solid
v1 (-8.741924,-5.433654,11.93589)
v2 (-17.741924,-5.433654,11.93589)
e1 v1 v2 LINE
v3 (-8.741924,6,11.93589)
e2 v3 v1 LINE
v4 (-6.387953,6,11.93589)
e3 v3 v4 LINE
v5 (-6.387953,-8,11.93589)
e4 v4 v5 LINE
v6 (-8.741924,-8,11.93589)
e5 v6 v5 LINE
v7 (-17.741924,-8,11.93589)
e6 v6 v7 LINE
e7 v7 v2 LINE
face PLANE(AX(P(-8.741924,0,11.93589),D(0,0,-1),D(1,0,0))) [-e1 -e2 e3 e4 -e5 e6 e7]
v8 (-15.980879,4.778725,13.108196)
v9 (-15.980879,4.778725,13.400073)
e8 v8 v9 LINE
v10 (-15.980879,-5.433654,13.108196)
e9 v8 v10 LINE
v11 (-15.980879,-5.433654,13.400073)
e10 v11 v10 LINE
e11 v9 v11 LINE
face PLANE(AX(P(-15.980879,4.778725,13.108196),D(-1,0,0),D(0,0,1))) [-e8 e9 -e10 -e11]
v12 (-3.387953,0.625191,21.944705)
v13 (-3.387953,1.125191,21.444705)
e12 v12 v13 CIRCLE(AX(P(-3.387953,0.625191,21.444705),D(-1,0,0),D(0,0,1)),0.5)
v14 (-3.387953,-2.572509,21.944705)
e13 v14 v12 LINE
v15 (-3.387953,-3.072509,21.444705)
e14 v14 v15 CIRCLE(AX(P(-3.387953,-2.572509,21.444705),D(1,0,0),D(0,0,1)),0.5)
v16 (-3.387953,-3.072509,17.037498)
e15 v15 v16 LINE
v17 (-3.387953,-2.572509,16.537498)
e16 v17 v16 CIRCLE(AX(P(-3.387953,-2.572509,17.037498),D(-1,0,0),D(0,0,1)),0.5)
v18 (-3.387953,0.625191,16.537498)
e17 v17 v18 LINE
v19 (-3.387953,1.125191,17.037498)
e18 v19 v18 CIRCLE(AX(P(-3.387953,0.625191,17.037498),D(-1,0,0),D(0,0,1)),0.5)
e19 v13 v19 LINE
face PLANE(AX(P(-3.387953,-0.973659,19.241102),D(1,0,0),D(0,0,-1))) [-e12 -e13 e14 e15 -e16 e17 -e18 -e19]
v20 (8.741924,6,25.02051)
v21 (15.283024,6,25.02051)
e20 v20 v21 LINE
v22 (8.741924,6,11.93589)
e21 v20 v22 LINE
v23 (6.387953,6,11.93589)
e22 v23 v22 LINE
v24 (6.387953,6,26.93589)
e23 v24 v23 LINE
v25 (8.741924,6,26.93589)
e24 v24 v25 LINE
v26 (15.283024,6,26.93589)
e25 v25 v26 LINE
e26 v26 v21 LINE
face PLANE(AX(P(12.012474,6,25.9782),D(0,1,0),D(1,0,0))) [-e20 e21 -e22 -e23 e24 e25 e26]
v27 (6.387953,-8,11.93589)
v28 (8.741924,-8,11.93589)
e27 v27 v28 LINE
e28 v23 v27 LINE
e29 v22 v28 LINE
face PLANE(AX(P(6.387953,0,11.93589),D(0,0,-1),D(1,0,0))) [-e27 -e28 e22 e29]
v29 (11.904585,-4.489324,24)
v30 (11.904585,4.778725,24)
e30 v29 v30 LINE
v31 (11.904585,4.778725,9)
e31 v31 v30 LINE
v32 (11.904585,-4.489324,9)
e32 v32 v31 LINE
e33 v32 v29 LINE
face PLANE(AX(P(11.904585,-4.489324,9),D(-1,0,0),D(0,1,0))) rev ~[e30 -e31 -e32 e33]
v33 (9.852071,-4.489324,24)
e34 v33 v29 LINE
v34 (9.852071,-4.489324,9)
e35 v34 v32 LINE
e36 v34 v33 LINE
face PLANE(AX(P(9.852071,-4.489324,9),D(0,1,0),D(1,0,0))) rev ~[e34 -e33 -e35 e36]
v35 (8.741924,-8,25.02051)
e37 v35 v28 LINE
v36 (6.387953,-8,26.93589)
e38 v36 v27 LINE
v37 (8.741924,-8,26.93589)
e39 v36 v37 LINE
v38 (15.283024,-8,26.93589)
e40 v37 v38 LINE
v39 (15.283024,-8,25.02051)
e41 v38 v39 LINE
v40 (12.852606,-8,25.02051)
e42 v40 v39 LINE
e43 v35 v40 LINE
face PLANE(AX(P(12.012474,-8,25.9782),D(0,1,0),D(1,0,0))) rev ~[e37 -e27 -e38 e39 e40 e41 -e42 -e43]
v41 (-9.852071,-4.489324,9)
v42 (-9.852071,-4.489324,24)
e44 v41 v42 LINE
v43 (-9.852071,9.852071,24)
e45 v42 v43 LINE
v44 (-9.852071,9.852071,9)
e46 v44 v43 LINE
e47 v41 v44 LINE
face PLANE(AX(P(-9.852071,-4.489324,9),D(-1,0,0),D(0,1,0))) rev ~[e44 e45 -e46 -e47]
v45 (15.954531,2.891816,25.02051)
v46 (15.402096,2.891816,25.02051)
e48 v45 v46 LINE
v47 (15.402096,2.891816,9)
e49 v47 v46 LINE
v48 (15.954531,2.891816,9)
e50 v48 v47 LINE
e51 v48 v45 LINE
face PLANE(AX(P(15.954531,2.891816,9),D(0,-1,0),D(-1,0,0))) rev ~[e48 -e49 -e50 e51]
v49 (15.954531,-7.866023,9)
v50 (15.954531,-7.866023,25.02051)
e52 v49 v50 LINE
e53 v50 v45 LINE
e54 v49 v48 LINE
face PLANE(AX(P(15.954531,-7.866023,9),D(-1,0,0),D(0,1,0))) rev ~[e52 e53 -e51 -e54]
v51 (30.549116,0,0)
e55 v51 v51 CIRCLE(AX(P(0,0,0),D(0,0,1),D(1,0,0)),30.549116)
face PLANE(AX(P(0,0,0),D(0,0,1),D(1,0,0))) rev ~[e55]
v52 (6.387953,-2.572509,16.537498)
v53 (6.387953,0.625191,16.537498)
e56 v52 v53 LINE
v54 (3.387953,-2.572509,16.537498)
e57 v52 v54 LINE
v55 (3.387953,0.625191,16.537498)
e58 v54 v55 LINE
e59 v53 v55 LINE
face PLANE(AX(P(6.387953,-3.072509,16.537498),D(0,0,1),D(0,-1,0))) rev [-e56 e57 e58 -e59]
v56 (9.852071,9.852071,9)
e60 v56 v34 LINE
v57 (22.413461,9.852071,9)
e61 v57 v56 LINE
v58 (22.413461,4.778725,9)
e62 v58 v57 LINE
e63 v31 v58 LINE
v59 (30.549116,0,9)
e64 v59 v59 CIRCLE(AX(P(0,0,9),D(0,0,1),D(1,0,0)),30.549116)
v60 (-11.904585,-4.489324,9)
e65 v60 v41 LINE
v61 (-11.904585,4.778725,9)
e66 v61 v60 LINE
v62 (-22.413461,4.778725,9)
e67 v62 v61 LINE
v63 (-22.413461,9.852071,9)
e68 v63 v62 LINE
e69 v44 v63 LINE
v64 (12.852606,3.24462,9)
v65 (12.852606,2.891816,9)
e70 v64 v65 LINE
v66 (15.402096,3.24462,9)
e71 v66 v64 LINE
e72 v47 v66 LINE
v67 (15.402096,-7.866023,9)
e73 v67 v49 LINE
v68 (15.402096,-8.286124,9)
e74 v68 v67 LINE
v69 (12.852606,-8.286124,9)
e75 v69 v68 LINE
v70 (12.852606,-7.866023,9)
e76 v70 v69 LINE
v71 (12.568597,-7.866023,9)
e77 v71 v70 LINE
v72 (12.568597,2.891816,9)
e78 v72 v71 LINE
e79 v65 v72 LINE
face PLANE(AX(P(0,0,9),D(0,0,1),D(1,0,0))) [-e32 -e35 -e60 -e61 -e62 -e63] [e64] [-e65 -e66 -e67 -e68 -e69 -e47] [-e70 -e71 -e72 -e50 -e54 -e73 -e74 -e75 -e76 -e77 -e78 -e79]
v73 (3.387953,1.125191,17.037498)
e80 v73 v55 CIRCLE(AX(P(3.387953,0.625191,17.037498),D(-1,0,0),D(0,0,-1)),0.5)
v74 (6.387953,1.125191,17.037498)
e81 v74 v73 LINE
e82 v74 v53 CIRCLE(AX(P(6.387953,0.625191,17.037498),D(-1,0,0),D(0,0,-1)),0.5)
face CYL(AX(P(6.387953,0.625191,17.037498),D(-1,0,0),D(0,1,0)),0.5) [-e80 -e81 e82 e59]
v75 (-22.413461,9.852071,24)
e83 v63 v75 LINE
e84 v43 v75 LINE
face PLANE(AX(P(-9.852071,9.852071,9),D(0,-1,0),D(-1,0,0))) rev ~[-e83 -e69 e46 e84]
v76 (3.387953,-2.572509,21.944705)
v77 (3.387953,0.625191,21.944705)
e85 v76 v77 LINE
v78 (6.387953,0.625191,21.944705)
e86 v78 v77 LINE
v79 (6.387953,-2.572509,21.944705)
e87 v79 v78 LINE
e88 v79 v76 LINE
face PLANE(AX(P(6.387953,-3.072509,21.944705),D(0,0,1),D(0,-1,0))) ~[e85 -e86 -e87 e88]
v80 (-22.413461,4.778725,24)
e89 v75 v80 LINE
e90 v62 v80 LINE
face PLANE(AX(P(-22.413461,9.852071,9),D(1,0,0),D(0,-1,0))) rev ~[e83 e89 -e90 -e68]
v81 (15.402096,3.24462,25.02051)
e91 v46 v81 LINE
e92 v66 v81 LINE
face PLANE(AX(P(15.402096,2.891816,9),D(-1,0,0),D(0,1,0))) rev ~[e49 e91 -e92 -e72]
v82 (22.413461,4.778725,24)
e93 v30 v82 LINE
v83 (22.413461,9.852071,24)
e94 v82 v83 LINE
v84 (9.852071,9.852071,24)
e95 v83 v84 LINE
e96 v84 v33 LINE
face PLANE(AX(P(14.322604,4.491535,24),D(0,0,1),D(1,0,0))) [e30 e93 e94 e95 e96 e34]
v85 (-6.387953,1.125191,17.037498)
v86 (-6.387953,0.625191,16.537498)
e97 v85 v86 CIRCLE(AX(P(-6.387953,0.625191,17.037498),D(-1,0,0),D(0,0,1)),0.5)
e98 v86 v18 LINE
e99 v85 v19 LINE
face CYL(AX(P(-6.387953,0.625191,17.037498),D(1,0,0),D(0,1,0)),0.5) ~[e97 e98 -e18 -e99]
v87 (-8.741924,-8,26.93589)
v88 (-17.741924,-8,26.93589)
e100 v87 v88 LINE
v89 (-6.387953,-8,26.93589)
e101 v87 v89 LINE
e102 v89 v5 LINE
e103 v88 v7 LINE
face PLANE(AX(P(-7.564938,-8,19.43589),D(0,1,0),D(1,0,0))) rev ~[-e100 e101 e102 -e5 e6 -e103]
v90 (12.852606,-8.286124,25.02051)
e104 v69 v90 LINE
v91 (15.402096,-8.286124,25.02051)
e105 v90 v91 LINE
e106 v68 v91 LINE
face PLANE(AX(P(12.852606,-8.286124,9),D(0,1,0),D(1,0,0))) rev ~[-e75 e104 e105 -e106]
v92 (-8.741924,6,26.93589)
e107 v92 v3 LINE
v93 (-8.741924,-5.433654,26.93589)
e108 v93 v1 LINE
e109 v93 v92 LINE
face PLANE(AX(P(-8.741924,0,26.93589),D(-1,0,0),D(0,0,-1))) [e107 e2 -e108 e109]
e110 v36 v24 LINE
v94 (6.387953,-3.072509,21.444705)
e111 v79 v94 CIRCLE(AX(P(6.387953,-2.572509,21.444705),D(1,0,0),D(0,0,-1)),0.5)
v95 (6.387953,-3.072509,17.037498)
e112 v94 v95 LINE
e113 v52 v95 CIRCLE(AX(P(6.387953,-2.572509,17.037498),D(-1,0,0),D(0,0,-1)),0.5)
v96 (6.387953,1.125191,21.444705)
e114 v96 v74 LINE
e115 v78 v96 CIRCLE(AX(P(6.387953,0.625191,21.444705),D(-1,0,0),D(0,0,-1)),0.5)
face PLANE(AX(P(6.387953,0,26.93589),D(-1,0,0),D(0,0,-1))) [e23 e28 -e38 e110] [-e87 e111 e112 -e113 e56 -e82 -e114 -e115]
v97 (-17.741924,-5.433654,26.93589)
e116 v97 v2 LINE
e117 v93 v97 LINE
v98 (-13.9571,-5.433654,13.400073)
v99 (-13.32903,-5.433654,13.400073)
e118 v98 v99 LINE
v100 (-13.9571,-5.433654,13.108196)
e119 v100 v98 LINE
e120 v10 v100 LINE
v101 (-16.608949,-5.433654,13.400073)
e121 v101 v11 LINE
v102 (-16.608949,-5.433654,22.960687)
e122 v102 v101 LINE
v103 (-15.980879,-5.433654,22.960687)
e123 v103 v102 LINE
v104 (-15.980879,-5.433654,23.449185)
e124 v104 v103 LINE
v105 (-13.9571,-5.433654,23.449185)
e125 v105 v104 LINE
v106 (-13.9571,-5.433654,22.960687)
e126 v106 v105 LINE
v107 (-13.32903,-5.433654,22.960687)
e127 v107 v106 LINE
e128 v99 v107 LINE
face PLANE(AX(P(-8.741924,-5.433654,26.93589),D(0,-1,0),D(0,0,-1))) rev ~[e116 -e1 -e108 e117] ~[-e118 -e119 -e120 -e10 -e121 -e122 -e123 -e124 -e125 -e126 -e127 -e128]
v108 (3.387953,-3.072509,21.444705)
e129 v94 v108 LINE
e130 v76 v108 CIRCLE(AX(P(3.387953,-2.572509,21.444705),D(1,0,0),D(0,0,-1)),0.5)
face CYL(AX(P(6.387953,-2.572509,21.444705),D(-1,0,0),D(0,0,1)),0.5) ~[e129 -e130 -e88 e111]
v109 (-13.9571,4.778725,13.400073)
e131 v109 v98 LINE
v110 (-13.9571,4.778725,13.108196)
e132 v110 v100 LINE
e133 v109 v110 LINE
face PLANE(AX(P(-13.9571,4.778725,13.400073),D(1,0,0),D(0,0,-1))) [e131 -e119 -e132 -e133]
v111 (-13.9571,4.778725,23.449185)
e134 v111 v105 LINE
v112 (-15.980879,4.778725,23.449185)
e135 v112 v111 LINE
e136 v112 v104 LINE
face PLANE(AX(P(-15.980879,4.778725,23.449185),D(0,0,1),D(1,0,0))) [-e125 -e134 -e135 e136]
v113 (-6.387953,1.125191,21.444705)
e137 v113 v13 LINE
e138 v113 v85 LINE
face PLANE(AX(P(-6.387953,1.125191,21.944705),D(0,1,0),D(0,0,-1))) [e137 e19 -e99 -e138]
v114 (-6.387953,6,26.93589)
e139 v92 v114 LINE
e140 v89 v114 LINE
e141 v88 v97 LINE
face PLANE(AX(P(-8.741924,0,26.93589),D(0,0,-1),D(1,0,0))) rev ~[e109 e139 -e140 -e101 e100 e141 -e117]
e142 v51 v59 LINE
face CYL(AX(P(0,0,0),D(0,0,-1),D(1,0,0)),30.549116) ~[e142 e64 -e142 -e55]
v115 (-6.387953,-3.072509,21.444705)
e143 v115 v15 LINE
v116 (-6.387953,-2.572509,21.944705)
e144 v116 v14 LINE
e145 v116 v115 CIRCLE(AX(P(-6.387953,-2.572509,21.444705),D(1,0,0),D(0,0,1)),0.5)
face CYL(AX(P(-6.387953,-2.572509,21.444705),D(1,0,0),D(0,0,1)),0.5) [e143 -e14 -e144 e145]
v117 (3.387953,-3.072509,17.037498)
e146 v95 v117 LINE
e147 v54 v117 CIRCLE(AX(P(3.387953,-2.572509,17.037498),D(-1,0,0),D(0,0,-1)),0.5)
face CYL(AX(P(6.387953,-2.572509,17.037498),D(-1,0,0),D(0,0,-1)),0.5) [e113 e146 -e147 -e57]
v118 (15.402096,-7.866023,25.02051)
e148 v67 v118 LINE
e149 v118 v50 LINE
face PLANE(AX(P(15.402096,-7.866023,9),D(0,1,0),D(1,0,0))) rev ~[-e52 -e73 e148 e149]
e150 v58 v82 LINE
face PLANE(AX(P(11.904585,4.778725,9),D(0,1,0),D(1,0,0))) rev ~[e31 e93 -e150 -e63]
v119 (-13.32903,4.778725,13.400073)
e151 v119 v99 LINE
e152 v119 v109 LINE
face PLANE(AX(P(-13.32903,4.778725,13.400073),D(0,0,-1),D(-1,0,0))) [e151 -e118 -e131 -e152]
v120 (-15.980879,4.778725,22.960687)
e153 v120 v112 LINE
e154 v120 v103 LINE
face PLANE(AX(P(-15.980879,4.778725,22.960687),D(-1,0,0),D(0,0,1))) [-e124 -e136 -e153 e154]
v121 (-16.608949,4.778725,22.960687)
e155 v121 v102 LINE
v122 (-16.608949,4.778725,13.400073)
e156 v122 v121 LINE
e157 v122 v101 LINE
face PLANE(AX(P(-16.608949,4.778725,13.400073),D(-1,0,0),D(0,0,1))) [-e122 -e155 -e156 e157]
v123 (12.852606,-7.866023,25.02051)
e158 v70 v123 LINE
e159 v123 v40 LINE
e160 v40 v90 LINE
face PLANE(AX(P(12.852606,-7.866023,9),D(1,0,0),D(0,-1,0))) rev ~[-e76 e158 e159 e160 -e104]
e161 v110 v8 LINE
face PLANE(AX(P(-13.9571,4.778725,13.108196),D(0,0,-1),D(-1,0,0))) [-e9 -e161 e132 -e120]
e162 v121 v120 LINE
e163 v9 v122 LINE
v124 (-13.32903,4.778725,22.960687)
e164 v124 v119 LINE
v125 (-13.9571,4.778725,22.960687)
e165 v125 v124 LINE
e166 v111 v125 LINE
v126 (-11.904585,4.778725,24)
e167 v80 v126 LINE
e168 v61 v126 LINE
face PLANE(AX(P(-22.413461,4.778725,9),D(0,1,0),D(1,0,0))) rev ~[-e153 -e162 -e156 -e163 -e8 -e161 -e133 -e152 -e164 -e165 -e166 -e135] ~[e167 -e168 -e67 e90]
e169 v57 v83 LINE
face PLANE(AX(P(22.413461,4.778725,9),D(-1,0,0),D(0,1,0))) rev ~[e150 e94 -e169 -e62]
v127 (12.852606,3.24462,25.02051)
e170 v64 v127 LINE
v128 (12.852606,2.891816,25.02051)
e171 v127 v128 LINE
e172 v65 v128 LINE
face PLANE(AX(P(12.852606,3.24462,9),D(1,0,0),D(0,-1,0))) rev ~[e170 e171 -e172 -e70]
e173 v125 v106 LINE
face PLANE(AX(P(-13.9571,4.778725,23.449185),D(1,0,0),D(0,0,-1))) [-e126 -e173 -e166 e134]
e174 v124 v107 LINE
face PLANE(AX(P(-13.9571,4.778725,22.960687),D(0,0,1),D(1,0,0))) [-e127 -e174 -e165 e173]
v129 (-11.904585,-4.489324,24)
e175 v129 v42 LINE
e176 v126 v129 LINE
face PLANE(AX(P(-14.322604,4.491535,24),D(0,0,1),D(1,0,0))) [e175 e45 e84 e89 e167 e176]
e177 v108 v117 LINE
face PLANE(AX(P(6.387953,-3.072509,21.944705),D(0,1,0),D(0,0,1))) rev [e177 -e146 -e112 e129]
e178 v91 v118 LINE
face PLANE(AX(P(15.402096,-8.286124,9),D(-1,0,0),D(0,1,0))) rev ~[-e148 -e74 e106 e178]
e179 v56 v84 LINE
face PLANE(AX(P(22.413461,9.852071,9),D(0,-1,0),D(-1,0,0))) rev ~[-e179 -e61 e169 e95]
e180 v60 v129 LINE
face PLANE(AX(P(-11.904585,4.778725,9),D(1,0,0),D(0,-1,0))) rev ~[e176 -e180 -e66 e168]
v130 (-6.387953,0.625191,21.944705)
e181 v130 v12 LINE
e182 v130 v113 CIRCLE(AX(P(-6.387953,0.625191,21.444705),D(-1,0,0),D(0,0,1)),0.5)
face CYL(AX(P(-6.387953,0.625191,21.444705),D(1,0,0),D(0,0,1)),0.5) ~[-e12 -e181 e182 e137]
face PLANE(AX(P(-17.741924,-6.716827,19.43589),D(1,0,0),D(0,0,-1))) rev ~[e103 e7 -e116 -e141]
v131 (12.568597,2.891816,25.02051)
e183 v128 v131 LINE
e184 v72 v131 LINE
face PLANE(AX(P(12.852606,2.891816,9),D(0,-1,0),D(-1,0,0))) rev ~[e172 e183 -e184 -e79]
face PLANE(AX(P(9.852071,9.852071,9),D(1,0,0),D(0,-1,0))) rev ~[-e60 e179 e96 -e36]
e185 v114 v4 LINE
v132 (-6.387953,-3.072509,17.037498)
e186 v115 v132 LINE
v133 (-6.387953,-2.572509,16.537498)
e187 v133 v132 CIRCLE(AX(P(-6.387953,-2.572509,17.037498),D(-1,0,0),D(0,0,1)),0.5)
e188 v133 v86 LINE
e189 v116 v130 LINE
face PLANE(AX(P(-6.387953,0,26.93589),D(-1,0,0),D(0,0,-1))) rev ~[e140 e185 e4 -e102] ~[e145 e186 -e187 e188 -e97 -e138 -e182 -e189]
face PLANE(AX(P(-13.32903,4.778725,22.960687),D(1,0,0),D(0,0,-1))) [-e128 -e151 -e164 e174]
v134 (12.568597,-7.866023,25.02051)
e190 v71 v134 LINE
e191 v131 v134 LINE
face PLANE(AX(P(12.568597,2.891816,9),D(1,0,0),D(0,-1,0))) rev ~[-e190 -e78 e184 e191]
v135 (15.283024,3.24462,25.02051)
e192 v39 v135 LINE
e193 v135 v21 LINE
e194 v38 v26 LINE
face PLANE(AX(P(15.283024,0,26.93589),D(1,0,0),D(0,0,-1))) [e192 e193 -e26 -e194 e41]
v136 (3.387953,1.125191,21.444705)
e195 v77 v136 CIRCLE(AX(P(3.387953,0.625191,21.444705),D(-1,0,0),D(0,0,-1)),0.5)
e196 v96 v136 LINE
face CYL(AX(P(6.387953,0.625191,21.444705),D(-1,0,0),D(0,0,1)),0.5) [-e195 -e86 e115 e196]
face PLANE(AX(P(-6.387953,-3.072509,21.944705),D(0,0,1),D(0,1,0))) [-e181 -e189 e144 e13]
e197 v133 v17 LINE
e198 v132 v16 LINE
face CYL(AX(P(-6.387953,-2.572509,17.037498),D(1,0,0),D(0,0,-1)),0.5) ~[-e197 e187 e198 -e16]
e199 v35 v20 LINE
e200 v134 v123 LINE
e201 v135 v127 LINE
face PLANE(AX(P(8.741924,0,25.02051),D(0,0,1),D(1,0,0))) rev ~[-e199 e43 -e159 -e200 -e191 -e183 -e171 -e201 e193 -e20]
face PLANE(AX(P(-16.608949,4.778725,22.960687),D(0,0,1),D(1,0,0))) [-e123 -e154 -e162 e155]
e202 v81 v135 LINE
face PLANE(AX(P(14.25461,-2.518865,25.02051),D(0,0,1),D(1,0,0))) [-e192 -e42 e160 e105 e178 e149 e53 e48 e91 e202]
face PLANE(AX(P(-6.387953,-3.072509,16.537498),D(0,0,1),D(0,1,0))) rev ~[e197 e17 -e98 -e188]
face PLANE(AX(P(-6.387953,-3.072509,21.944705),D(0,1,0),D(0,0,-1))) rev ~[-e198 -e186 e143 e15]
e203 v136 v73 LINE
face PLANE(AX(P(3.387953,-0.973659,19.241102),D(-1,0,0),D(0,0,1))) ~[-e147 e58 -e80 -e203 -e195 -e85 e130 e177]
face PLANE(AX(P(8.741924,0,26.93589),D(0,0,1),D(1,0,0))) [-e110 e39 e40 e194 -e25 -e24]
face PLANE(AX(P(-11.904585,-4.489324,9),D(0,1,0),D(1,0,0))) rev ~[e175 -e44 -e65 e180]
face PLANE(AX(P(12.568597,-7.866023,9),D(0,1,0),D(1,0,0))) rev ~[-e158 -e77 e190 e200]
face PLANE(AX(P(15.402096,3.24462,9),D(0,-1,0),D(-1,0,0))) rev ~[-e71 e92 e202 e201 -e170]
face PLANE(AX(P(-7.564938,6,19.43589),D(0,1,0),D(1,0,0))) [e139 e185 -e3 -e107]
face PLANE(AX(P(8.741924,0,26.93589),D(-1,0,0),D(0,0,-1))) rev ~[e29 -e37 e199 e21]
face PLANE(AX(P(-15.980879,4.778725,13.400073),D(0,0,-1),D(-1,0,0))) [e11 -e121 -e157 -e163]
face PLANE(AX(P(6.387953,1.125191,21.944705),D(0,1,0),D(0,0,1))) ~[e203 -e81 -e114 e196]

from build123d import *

# Parameters (mm, degrees)
SKETCH_1_R             = 30.549115646
EXTRUDE_1_DEPTH        = 9
EXTRUDE_2_DEPTH        = 15
SKETCH_8_W             = 2.353970865
SKETCH_8_H             = 15
EXTRUDE_3_DEPTH        = 8
EXTRUDE_3_2_DEPTH      = 8
SKETCH_12_W            = 2.353970865
SKETCH_12_H            = 15
EXTRUDE_5_DEPTH        = 6
EXTRUDE_START          = -8.741924
SKETCH_14_W            = 15
SKETCH_14_H            = 2.566345669
EXTRUDE_7_DEPTH        = 9
SKETCH_15_W            = 6.541100851
SKETCH_15_H            = 1.915380037
EXTRUDE_8_DEPTH        = 6
SKETCH_15_2_W          = 6.541100851
SKETCH_15_2_H          = 1.915380037
EXTRUDE_9_DEPTH        = 8
EXTRUDE_10_DEPTH       = 16.020510359
EXTRUDE_11_DEPTH       = 12.778725016
SKETCH_19_W            = 5.407207082
SKETCH_19_H            = 4.197700235
EXTRUDE_12_DEPTH       = 3
FILLET_1_R             = 0.5
FILLET_1_OF_MIRROR_4_R = 0.5


with BuildPart() as part:
    # 草图1 → 凸台-拉伸1 (new body)
    with BuildSketch(Plane.XY):
        Circle(SKETCH_1_R)
    extrude(amount=EXTRUDE_1_DEPTH)

    # 草图3 → 凸台-拉伸2 (add)
    with BuildSketch(Plane.XY.offset(9)):
        Polygon((-22.413460509, 4.778725016), (-11.904585252, 4.778725016), (-11.904585252, -4.489323984), (-9.852070554, -4.489323984), (-9.852070554, 7.306952327), (-9.852070554, 9.852070554), (-22.413460509, 9.852070554), align=None)
        Polygon((22.413460509, 9.852070554), (9.852070554, 9.852070554), (9.852070554, 7.306952327), (9.852070554, -4.489323984), (11.904585252, -4.489323984), (11.904585252, 4.778725016), (22.413460509, 4.778725016), align=None)
    extrude(amount=EXTRUDE_2_DEPTH)



with BuildPart() as body_2:
    # 草图8 → 凸台-拉伸3 (new body)
    with BuildSketch(Plane(origin=(0, 0, 0), x_dir=(1, 0, 0), z_dir=(0, 1, 0))):
        with Locations((-7.564938163, -19.435890396)):
            Rectangle(SKETCH_8_W, SKETCH_8_H)
    extrude(amount=-EXTRUDE_3_DEPTH)



with BuildPart() as body_3:
    # 草图8 → Extrude 3 2 (new body)
    with BuildSketch(Plane(origin=(0, 0, 0), x_dir=(1, 0, 0), z_dir=(0, 1, 0))):
        with Locations((7.564938163, -19.435890396)):
            Rectangle(SKETCH_8_W, SKETCH_8_H)
    extrude(amount=-EXTRUDE_3_2_DEPTH)


with BuildPart() as body_2_1:
    add(body_2.part)

    add(body_3.part)  # 凸台-拉伸5 merges body 3
    # 草图12 → 凸台-拉伸5 (add)
    with BuildSketch(Plane(origin=(0, 0, 0), x_dir=(1, 0, 0), z_dir=(0, 1, 0))):
        with Locations((-7.564938163, -19.435890396)):
            Rectangle(SKETCH_12_W, SKETCH_12_H)
        with Locations((7.564938163, -19.435890396)):
            Rectangle(SKETCH_12_W, SKETCH_12_H)
    extrude(amount=EXTRUDE_5_DEPTH)


with BuildPart() as extrude_7_tool:
    # 草图14 → 凸台-拉伸7 (new body)
    with BuildSketch(Plane(origin=(0, 0, 0), x_dir=(0, 0, -1), z_dir=(1, 0, 0)).offset(EXTRUDE_START)):
        with Locations((-19.435890396, -6.716827165)):
            Rectangle(SKETCH_14_W, SKETCH_14_H)
    extrude(amount=-EXTRUDE_7_DEPTH)


with BuildPart() as body_2_2:
    add(body_2_1.part)


with BuildPart() as body_2_3:
    # 凸台-拉伸7: joined with extrude_7_tool
    add(body_2_2.part.fuse(extrude_7_tool.part, tol=0.00001))

    # 草图15 → 凸台-拉伸8 (add)
    with BuildSketch(Plane(origin=(0, 0, 0), x_dir=(1, 0, 0), z_dir=(0, 1, 0))):
        with Locations((12.012474021, -25.978200378)):
            Rectangle(SKETCH_15_W, SKETCH_15_H)
    extrude(amount=EXTRUDE_8_DEPTH)

    # 草图15<2> → 凸台-拉伸9 (add)
    with BuildSketch(Plane(origin=(0, 0, 0), x_dir=(1, 0, 0), z_dir=(0, 1, 0))):
        with Locations((12.012474021, -25.978200378)):
            Rectangle(SKETCH_15_2_W, SKETCH_15_2_H)
    extrude(amount=-EXTRUDE_9_DEPTH)


with BuildPart() as part_1:
    add(part.part)

    add(body_2_3.part)  # 凸台-拉伸10 merges body 2
    # 草图16 → 凸台-拉伸10 (add)
    with BuildSketch(Plane.XY.offset(9)):
        Polygon((15.402096143, -7.866023052), (15.954530634, -7.866023052), (15.954530634, 2.891816022), (15.402096143, 2.891816022), (15.402096143, 3.244620079), (12.852605538, 3.244620079), (12.852605538, 2.891816022), (12.56859722, 2.891816022), (12.56859722, -7.866023052), (12.852605538, -7.866023052), (12.852605538, -8.286124494), (15.402096143, -8.286124494), align=None)
    extrude(amount=EXTRUDE_10_DEPTH)

    # 草图18 → 凸台-拉伸11 (add)
    with BuildSketch(Plane.XZ.offset(-4.778725016)):
        Polygon((-15.980879444, 13.400073381), (-16.608948942, 13.400073381), (-16.608948942, 22.960686847), (-15.980879444, 22.960686847), (-15.980879444, 23.449185345), (-13.957099951, 23.449185345), (-13.957099951, 22.960686847), (-13.329030453, 22.960686847), (-13.329030453, 13.400073381), (-13.957099951, 13.400073381), (-13.957099951, 13.108195893), (-15.980879444, 13.108195893), align=None)
    extrude(amount=EXTRUDE_11_DEPTH)

    # 草图19 → 凸台-拉伸12 (add)
    with BuildSketch(Plane(origin=(-6.38795273, 0, 0), x_dir=(0, 0, -1), z_dir=(1, 0, 0))):
        with Locations((-19.241101822, -0.973659034)):
            Rectangle(SKETCH_19_W, SKETCH_19_H)
    extrude_12 = extrude(amount=EXTRUDE_12_DEPTH)

    # 圆角1
    fillet_1_edges = [part_1.edges().sort_by_distance(p)[0] for p in [
        (-4.88795273, 1.125191084, 21.944705363),
        (-4.88795273, -3.072509151, 21.944705363),
        (-4.88795273, -3.072509151, 16.537498281),
        (-4.88795273, 1.125191084, 16.537498281),
    ]]
    fillet(fillet_1_edges, radius=FILLET_1_R)

    # 镜向4: 凸台-拉伸12 across plane
    add(extrude_12.mirror(Plane(origin=(0, 0, 0), x_dir=(0, 0, 1), z_dir=(1, 0, 0))))

    # 圆角1 of 镜向4
    fillet_1_of_mirror_4_edges = [part_1.edges().sort_by_distance(p)[0] for p in [
        (4.88795273, 1.125191084, 21.944705363),
        (4.88795273, -3.072509151, 21.944705363),
        (4.88795273, -3.072509151, 16.537498281),
        (4.88795273, 1.125191084, 16.537498281),
    ]]
    fillet(fillet_1_of_mirror_4_edges, radius=FILLET_1_OF_MIRROR_4_R)


solid = part_1.part
